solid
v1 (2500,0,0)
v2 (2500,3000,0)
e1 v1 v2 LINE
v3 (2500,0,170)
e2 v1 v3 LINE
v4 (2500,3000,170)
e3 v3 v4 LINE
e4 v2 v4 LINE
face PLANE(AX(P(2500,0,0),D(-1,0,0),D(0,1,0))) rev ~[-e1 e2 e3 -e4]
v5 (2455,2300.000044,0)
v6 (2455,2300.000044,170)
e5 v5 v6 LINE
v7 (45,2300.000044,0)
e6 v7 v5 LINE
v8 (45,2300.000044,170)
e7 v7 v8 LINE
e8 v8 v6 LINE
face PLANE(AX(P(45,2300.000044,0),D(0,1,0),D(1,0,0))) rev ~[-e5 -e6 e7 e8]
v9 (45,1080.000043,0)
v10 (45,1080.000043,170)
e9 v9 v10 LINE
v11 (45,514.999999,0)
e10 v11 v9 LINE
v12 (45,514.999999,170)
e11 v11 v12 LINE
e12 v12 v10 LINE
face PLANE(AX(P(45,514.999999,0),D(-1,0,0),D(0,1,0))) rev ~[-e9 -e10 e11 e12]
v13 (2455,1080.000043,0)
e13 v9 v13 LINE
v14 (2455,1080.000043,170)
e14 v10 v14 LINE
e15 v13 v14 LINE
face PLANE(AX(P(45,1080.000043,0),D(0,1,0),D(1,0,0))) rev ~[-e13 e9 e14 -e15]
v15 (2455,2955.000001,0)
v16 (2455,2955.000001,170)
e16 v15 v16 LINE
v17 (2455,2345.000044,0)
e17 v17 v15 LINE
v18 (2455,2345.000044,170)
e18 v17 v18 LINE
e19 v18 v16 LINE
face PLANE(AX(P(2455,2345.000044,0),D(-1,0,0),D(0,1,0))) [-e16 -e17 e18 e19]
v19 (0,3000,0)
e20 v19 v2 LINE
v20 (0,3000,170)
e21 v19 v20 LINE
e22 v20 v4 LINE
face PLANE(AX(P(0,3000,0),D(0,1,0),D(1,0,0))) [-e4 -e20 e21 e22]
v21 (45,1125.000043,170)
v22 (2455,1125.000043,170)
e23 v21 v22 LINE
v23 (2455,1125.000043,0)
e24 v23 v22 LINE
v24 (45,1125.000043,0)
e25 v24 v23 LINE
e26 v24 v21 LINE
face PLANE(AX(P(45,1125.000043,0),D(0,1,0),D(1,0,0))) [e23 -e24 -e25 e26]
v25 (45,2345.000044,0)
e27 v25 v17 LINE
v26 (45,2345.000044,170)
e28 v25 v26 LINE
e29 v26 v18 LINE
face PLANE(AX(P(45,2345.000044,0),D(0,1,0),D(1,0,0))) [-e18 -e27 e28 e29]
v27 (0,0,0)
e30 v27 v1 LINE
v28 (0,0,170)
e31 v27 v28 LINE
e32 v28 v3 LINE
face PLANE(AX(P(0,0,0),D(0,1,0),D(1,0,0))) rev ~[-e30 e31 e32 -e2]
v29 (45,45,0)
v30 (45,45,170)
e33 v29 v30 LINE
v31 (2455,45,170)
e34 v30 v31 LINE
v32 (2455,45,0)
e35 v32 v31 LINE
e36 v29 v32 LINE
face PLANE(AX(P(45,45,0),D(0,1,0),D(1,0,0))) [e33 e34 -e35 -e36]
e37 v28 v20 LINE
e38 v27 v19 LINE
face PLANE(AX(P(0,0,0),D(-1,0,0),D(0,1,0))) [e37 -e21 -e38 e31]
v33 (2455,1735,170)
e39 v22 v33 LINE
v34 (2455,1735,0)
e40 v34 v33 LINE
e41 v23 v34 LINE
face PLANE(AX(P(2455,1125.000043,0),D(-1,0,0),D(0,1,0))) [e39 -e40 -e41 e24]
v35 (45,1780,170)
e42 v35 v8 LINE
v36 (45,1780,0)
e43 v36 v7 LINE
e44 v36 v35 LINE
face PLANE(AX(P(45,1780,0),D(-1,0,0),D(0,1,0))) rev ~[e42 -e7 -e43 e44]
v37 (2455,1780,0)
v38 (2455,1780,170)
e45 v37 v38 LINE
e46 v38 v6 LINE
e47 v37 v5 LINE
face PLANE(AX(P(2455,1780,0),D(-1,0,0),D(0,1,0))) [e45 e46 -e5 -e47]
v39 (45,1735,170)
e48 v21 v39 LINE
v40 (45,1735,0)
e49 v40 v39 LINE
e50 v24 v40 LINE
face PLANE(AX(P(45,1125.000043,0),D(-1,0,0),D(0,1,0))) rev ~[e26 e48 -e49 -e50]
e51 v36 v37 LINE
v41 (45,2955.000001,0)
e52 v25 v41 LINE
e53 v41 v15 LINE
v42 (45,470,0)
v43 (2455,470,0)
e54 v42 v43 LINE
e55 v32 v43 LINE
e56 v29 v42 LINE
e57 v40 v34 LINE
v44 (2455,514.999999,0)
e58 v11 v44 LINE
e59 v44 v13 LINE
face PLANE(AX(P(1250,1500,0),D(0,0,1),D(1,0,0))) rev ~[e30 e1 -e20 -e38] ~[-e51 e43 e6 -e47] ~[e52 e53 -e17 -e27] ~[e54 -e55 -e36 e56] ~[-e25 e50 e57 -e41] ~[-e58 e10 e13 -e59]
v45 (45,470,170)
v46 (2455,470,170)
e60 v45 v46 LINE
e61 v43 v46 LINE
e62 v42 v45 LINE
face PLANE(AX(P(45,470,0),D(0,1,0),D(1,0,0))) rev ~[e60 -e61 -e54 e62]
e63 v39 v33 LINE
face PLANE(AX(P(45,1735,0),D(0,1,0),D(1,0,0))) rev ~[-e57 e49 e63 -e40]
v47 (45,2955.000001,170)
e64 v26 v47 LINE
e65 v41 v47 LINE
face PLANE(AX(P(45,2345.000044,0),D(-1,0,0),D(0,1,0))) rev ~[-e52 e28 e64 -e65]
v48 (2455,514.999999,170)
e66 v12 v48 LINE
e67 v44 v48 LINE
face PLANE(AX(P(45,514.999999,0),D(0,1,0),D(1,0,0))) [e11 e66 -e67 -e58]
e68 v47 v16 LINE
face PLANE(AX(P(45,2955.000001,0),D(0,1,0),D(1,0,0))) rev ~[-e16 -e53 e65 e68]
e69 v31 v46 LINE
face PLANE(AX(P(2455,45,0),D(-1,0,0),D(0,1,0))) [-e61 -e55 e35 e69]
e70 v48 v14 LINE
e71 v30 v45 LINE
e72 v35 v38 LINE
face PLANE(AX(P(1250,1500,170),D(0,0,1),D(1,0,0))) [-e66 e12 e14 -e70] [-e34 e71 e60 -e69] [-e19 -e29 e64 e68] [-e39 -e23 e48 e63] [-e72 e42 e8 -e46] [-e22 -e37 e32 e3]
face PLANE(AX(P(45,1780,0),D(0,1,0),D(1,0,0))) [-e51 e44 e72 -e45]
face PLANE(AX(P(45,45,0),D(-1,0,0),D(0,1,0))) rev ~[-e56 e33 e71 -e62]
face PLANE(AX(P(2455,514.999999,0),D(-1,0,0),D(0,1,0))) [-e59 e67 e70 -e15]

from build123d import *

# Parameters (mm, degrees)
F0_W     = 2500
F0_H     = 3000
F0_W_2   = 2410
F0_H_2   = 424.999999
F0_H_3   = 565.000044
F0_H_4   = 609.999957
F0_H_5   = 520.000043
F1_DEPTH = 170


with BuildPart() as f1:
    # F0 (on Top) → F1 (new body)
    with BuildSketch(Plane.XY):
        with Locations((1250, 1500)):
            Rectangle(F0_W, F0_H)
        with Locations((1250, 257.5)):
            Rectangle(F0_W_2, F0_H_2, mode=Mode.SUBTRACT)
        with Locations((1250, 797.500021)):
            Rectangle(F0_W_2, F0_H_3, mode=Mode.SUBTRACT)
        with Locations((1250, 1430.000022)):
            Rectangle(F0_W_2, F0_H_4, mode=Mode.SUBTRACT)
        with Locations((1250, 2040.000022)):
            Rectangle(F0_W_2, F0_H_5, mode=Mode.SUBTRACT)
        with Locations((1250, 2650.000022)):
            Rectangle(F0_W_2, F0_H_4, mode=Mode.SUBTRACT)
    extrude(amount=F1_DEPTH)


solid = f1.part
